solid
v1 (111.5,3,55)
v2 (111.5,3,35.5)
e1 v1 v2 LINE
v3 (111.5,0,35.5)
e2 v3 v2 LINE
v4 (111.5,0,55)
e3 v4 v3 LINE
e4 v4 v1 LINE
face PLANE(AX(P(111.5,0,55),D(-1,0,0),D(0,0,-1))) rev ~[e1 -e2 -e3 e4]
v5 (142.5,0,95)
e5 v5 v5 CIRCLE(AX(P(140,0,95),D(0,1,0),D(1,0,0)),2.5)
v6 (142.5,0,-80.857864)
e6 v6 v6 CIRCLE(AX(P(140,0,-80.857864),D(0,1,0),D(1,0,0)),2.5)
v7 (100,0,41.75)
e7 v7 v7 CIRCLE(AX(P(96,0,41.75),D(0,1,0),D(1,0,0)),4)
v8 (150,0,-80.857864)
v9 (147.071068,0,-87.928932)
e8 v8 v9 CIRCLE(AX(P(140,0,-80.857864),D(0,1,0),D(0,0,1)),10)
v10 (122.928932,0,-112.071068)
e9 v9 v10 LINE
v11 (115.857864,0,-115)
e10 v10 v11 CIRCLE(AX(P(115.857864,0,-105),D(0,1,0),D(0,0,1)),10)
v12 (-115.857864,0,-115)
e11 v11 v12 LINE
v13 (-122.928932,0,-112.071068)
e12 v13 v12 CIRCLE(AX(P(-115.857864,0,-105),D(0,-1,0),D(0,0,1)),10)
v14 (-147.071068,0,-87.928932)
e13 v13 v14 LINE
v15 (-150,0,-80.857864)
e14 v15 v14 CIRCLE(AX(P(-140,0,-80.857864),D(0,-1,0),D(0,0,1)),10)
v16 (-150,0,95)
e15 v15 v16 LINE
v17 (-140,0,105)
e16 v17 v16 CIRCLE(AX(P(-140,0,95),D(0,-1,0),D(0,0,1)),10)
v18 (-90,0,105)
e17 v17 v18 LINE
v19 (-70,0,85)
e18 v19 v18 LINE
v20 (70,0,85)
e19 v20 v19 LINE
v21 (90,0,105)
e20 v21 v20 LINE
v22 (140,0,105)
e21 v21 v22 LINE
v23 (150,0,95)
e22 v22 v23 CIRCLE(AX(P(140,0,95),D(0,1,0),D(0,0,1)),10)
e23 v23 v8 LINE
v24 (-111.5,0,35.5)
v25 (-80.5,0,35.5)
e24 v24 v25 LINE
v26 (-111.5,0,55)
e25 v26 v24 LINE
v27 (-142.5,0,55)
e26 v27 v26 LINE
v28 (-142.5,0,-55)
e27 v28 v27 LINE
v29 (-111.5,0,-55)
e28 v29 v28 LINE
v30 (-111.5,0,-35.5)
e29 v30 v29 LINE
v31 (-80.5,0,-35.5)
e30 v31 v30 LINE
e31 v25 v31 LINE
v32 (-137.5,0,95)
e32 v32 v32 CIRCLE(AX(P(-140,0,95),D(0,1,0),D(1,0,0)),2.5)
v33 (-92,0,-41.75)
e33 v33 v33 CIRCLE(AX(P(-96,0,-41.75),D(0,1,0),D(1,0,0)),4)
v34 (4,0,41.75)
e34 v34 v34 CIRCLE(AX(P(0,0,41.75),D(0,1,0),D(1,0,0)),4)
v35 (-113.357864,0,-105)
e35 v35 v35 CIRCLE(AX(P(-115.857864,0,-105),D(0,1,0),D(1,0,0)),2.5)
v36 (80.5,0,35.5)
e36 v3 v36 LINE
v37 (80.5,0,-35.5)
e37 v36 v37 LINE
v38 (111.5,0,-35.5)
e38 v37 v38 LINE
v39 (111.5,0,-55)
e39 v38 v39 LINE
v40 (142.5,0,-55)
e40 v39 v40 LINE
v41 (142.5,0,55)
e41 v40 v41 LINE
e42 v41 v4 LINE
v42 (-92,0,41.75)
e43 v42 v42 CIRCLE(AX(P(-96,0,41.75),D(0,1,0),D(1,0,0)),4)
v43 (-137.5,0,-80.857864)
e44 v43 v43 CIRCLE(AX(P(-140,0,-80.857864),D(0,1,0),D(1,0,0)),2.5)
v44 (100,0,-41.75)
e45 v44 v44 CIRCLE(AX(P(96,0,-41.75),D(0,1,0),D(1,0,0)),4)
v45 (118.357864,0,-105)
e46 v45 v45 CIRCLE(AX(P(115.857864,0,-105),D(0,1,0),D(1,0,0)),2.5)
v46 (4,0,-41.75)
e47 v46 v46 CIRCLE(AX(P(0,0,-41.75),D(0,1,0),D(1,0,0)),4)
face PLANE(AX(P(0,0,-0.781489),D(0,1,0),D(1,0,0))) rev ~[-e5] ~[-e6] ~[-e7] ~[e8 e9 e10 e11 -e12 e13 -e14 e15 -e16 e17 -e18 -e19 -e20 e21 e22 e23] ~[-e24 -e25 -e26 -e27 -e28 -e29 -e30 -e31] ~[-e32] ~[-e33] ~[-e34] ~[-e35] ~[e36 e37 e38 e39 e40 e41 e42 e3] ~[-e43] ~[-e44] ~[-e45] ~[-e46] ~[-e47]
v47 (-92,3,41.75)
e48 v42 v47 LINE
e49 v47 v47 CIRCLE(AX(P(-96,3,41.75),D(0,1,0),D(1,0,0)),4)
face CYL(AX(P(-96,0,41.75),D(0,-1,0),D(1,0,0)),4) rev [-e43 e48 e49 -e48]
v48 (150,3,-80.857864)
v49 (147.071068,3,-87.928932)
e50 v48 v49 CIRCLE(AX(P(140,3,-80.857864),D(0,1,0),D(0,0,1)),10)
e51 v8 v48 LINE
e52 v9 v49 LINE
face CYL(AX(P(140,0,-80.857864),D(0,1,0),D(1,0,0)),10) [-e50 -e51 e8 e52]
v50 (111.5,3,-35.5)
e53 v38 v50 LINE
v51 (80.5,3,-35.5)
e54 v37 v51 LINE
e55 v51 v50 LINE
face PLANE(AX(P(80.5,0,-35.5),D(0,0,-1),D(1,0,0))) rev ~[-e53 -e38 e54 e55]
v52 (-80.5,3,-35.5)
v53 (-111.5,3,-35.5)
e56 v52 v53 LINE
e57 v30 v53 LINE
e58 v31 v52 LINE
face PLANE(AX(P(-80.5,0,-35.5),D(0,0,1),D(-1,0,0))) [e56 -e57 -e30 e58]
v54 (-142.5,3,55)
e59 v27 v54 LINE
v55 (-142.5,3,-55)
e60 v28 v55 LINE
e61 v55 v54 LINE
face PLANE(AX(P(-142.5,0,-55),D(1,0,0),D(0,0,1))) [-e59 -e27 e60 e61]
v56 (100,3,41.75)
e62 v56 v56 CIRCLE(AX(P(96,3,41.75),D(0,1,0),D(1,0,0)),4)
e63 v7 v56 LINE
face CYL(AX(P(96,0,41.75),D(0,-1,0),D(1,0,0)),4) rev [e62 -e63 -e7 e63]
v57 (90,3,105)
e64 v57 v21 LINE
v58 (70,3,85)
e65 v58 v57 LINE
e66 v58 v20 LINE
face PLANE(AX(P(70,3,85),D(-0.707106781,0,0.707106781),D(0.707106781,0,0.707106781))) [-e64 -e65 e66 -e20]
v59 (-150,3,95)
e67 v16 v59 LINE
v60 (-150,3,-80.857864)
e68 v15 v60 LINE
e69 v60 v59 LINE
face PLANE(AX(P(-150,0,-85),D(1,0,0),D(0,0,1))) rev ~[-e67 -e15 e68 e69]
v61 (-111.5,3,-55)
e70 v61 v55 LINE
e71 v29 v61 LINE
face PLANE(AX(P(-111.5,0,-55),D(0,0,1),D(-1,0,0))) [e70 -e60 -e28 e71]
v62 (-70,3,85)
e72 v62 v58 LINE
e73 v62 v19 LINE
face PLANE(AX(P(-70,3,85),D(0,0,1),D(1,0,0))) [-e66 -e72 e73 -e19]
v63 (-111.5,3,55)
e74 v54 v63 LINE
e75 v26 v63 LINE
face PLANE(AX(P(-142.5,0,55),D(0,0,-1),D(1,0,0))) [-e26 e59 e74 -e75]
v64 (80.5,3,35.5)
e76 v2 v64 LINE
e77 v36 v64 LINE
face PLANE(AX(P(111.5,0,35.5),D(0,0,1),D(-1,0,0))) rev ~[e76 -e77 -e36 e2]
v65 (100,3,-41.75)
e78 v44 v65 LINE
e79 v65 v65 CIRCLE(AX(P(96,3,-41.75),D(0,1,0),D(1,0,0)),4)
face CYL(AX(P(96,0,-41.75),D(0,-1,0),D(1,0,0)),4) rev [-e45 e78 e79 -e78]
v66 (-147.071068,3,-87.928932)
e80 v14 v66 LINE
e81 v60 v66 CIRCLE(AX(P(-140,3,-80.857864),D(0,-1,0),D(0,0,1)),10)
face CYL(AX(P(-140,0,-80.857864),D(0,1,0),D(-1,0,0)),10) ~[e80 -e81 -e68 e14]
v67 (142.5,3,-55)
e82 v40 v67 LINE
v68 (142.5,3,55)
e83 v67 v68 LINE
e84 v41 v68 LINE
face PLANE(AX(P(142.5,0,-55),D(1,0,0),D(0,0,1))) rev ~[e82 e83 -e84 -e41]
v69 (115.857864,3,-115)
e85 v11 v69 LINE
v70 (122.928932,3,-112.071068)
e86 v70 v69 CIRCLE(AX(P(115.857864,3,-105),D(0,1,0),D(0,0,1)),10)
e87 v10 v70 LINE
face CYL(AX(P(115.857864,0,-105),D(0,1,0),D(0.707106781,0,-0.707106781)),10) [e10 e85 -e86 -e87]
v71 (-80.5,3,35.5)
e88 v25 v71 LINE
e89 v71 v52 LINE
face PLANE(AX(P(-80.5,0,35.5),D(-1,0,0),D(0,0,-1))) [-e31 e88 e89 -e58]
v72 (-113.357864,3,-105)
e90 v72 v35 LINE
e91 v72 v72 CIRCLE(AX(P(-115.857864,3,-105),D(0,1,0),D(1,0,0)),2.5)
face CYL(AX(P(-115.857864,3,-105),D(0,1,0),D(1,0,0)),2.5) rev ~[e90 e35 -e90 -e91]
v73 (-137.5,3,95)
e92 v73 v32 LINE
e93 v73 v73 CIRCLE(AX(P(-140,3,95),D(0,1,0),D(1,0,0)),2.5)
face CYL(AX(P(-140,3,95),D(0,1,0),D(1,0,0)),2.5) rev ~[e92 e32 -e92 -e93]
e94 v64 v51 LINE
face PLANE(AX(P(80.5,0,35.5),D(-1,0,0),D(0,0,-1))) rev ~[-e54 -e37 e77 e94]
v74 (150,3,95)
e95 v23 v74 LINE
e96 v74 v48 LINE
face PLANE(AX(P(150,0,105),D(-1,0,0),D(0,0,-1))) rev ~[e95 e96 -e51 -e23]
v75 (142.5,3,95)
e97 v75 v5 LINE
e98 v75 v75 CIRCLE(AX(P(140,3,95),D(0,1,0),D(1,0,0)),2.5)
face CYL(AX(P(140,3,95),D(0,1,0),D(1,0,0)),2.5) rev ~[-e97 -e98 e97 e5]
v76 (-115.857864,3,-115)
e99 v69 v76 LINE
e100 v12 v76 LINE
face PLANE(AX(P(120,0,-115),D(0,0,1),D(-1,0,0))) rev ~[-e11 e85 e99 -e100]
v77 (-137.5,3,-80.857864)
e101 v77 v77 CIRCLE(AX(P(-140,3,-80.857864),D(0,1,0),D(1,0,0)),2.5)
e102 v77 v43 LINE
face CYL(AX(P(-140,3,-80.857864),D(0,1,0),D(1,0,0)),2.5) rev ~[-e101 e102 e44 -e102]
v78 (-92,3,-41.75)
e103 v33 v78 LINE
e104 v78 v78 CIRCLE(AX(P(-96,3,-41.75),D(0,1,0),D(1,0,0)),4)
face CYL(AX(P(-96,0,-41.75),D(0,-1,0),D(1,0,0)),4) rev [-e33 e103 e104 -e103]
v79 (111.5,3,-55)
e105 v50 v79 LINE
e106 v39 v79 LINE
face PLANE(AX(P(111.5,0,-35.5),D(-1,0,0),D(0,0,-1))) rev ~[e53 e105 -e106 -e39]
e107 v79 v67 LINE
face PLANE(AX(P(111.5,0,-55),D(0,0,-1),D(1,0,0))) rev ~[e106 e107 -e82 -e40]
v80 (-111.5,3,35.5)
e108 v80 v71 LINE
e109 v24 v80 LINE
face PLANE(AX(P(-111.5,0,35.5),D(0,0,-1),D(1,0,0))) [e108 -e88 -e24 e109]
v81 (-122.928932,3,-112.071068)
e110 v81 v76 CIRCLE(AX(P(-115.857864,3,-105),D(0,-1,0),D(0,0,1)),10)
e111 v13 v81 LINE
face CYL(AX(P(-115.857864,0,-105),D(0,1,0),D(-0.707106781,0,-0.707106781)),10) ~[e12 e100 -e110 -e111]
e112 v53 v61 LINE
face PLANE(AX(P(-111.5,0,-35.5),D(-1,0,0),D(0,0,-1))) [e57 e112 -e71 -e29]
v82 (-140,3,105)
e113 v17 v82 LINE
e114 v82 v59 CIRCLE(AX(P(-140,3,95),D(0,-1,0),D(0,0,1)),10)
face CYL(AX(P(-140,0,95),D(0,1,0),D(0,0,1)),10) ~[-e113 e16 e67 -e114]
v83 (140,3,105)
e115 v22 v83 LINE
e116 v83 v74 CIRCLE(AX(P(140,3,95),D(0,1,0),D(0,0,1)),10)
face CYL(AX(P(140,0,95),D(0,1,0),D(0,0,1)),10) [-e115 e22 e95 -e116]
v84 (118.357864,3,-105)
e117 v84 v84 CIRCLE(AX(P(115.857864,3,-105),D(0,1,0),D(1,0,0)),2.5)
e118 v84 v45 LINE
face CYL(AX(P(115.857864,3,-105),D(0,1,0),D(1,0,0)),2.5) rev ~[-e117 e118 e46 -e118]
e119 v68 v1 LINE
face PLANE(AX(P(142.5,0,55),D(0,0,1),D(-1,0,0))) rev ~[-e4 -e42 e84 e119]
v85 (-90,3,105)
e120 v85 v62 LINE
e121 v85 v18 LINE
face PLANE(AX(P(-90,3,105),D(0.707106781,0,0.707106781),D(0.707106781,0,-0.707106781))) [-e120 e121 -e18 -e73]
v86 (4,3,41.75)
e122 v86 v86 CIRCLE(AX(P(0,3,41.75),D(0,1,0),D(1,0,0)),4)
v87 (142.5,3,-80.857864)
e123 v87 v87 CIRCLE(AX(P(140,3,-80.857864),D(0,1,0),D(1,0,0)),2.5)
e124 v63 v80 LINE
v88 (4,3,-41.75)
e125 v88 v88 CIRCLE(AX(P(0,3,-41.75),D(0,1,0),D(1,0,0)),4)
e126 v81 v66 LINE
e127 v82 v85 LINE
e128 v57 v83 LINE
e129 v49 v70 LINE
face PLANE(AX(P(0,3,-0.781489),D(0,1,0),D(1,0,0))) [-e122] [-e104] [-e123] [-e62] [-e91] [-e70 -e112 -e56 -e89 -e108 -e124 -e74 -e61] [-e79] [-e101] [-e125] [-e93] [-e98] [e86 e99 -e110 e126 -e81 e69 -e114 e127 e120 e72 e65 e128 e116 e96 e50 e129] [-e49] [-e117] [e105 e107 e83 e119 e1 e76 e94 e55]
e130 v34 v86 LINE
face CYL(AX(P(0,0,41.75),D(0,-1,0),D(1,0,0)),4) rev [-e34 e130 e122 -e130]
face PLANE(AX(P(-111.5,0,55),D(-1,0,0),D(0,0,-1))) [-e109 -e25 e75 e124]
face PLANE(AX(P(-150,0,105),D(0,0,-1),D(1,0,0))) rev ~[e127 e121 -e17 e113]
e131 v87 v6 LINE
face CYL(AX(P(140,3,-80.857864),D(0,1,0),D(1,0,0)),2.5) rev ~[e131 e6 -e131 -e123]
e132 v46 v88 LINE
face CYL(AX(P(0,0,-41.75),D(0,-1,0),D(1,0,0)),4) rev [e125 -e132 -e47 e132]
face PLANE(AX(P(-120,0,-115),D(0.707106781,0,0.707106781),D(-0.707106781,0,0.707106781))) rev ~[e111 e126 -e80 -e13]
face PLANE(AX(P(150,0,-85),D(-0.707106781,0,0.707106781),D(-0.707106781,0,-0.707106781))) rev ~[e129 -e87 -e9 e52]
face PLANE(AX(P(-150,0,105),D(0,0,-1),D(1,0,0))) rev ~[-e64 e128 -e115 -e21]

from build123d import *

# Parameters (mm, degrees)
ESQUISSE1_R      = 4
EXTRUSION1_DEPTH = 3
CONG_2_R         = 10
EXTRUSION2_REACH = 5
ESQUISSE3_R      = 2.5
EXTRUSION3_REACH = 5


with BuildPart() as part:
    # Esquisse1 → Extrusion1 (new body)
    with BuildSketch(Plane(origin=(0, 0, 0), x_dir=(1, 0, 0), z_dir=(0, 1, 0))):
        Polygon((-150, -105), (150, -105), (150, 0), (150, 85), (120, 115), (-120, 115), (-150, 85), (-150, 0), align=None)
        with Locations((0, 41.75)):
            Circle(ESQUISSE1_R, mode=Mode.SUBTRACT)
        with Locations((-96, 41.75)):
            Circle(ESQUISSE1_R, mode=Mode.SUBTRACT)
        with Locations((0, -41.75)):
            Circle(ESQUISSE1_R, mode=Mode.SUBTRACT)
        with Locations((-96, -41.75)):
            Circle(ESQUISSE1_R, mode=Mode.SUBTRACT)
        with Locations((96, -41.75)):
            Circle(ESQUISSE1_R, mode=Mode.SUBTRACT)
        with Locations((96, 41.75)):
            Circle(ESQUISSE1_R, mode=Mode.SUBTRACT)
        Polygon((-142.5, 55), (-142.5, -55), (-111.5, -55), (-111.5, -35.5), (-80.5, -35.5), (-80.5, 35.5), (-111.5, 35.5), (-111.5, 55), align=None, mode=Mode.SUBTRACT)
        Polygon((111.5, 55), (142.5, 55), (142.5, -55), (111.5, -55), (111.5, -35.5), (80.5, -35.5), (80.5, 35.5), (111.5, 35.5), align=None, mode=Mode.SUBTRACT)
    extrude(amount=EXTRUSION1_DEPTH)

    # Congé2
    cong_2_edges = [part.edges().sort_by_distance(p)[0] for p in [
        (150, 1.5, -85),
        (150, 1.5, 105),
        (-150, 1.5, 105),
        (-150, 1.5, -85),
        (-120, 1.5, -115),
        (120, 1.5, -115),
    ]]
    fillet(cong_2_edges, radius=CONG_2_R)

    # Esquisse3 → Extrusion2 (cut, up to next)
    with BuildSketch(Plane(origin=(0, 3, 0), x_dir=(1, 0, 0), z_dir=(0, 1, 0)), mode=Mode.PRIVATE) as extrusion2_sk1:
        with Locations((-140, -95)):
            Circle(ESQUISSE3_R)
    extrusion2_tool1 = extrude(extrusion2_sk1.sketch, amount=-EXTRUSION2_REACH, mode=Mode.PRIVATE) & part.part
    add(extrusion2_tool1.solids().sort_by_distance((-140, 3, 95))[0], mode=Mode.SUBTRACT)
    # Esquisse3 → Extrusion2 (cut, up to next)
    with BuildSketch(Plane(origin=(0, 3, 0), x_dir=(1, 0, 0), z_dir=(0, 1, 0)), mode=Mode.PRIVATE) as extrusion2_sk2:
        with Locations((-140, 80.857864376)):
            Circle(ESQUISSE3_R)
    extrusion2_tool2 = extrude(extrusion2_sk2.sketch, amount=-EXTRUSION2_REACH, mode=Mode.PRIVATE) & part.part
    add(extrusion2_tool2.solids().sort_by_distance((-140, 3, -80.857864))[0], mode=Mode.SUBTRACT)
    # Esquisse3 → Extrusion2 (cut, up to next)
    with BuildSketch(Plane(origin=(0, 3, 0), x_dir=(1, 0, 0), z_dir=(0, 1, 0)), mode=Mode.PRIVATE) as extrusion2_sk3:
        with Locations((-115.857864376, 105)):
            Circle(ESQUISSE3_R)
    extrusion2_tool3 = extrude(extrusion2_sk3.sketch, amount=-EXTRUSION2_REACH, mode=Mode.PRIVATE) & part.part
    add(extrusion2_tool3.solids().sort_by_distance((-115.857864, 3, -105))[0], mode=Mode.SUBTRACT)
    # Esquisse3 → Extrusion2 (cut, up to next)
    with BuildSketch(Plane(origin=(0, 3, 0), x_dir=(1, 0, 0), z_dir=(0, 1, 0)), mode=Mode.PRIVATE) as extrusion2_sk4:
        with Locations((140, -95)):
            Circle(ESQUISSE3_R)
    extrusion2_tool4 = extrude(extrusion2_sk4.sketch, amount=-EXTRUSION2_REACH, mode=Mode.PRIVATE) & part.part
    add(extrusion2_tool4.solids().sort_by_distance((140, 3, 95))[0], mode=Mode.SUBTRACT)
    # Esquisse3 → Extrusion2 (cut, up to next)
    with BuildSketch(Plane(origin=(0, 3, 0), x_dir=(1, 0, 0), z_dir=(0, 1, 0)), mode=Mode.PRIVATE) as extrusion2_sk5:
        with Locations((140, 80.857864376)):
            Circle(ESQUISSE3_R)
    extrusion2_tool5 = extrude(extrusion2_sk5.sketch, amount=-EXTRUSION2_REACH, mode=Mode.PRIVATE) & part.part
    add(extrusion2_tool5.solids().sort_by_distance((140, 3, -80.857864))[0], mode=Mode.SUBTRACT)
    # Esquisse3 → Extrusion2 (cut, up to next)
    with BuildSketch(Plane(origin=(0, 3, 0), x_dir=(1, 0, 0), z_dir=(0, 1, 0)), mode=Mode.PRIVATE) as extrusion2_sk6:
        with Locations((115.857864376, 105)):
            Circle(ESQUISSE3_R)
    extrusion2_tool6 = extrude(extrusion2_sk6.sketch, amount=-EXTRUSION2_REACH, mode=Mode.PRIVATE) & part.part
    add(extrusion2_tool6.solids().sort_by_distance((115.857864, 3, -105))[0], mode=Mode.SUBTRACT)

    # Esquisse4 → Extrusion3 (cut, up to next)
    with BuildSketch(Plane(origin=(0, 3, 0), x_dir=(1, 0, 0), z_dir=(0, 1, 0)), mode=Mode.PRIVATE) as extrusion3_sk1:
        Polygon((-90, -105), (-70, -85), (70, -85), (90, -105), align=None)
    extrusion3_tool1 = extrude(extrusion3_sk1.sketch, amount=-EXTRUSION3_REACH, mode=Mode.PRIVATE) & part.part
    add(extrusion3_tool1.solids().sort_by_distance((0, 3, 95.416667))[0], mode=Mode.SUBTRACT)


solid = part.part
